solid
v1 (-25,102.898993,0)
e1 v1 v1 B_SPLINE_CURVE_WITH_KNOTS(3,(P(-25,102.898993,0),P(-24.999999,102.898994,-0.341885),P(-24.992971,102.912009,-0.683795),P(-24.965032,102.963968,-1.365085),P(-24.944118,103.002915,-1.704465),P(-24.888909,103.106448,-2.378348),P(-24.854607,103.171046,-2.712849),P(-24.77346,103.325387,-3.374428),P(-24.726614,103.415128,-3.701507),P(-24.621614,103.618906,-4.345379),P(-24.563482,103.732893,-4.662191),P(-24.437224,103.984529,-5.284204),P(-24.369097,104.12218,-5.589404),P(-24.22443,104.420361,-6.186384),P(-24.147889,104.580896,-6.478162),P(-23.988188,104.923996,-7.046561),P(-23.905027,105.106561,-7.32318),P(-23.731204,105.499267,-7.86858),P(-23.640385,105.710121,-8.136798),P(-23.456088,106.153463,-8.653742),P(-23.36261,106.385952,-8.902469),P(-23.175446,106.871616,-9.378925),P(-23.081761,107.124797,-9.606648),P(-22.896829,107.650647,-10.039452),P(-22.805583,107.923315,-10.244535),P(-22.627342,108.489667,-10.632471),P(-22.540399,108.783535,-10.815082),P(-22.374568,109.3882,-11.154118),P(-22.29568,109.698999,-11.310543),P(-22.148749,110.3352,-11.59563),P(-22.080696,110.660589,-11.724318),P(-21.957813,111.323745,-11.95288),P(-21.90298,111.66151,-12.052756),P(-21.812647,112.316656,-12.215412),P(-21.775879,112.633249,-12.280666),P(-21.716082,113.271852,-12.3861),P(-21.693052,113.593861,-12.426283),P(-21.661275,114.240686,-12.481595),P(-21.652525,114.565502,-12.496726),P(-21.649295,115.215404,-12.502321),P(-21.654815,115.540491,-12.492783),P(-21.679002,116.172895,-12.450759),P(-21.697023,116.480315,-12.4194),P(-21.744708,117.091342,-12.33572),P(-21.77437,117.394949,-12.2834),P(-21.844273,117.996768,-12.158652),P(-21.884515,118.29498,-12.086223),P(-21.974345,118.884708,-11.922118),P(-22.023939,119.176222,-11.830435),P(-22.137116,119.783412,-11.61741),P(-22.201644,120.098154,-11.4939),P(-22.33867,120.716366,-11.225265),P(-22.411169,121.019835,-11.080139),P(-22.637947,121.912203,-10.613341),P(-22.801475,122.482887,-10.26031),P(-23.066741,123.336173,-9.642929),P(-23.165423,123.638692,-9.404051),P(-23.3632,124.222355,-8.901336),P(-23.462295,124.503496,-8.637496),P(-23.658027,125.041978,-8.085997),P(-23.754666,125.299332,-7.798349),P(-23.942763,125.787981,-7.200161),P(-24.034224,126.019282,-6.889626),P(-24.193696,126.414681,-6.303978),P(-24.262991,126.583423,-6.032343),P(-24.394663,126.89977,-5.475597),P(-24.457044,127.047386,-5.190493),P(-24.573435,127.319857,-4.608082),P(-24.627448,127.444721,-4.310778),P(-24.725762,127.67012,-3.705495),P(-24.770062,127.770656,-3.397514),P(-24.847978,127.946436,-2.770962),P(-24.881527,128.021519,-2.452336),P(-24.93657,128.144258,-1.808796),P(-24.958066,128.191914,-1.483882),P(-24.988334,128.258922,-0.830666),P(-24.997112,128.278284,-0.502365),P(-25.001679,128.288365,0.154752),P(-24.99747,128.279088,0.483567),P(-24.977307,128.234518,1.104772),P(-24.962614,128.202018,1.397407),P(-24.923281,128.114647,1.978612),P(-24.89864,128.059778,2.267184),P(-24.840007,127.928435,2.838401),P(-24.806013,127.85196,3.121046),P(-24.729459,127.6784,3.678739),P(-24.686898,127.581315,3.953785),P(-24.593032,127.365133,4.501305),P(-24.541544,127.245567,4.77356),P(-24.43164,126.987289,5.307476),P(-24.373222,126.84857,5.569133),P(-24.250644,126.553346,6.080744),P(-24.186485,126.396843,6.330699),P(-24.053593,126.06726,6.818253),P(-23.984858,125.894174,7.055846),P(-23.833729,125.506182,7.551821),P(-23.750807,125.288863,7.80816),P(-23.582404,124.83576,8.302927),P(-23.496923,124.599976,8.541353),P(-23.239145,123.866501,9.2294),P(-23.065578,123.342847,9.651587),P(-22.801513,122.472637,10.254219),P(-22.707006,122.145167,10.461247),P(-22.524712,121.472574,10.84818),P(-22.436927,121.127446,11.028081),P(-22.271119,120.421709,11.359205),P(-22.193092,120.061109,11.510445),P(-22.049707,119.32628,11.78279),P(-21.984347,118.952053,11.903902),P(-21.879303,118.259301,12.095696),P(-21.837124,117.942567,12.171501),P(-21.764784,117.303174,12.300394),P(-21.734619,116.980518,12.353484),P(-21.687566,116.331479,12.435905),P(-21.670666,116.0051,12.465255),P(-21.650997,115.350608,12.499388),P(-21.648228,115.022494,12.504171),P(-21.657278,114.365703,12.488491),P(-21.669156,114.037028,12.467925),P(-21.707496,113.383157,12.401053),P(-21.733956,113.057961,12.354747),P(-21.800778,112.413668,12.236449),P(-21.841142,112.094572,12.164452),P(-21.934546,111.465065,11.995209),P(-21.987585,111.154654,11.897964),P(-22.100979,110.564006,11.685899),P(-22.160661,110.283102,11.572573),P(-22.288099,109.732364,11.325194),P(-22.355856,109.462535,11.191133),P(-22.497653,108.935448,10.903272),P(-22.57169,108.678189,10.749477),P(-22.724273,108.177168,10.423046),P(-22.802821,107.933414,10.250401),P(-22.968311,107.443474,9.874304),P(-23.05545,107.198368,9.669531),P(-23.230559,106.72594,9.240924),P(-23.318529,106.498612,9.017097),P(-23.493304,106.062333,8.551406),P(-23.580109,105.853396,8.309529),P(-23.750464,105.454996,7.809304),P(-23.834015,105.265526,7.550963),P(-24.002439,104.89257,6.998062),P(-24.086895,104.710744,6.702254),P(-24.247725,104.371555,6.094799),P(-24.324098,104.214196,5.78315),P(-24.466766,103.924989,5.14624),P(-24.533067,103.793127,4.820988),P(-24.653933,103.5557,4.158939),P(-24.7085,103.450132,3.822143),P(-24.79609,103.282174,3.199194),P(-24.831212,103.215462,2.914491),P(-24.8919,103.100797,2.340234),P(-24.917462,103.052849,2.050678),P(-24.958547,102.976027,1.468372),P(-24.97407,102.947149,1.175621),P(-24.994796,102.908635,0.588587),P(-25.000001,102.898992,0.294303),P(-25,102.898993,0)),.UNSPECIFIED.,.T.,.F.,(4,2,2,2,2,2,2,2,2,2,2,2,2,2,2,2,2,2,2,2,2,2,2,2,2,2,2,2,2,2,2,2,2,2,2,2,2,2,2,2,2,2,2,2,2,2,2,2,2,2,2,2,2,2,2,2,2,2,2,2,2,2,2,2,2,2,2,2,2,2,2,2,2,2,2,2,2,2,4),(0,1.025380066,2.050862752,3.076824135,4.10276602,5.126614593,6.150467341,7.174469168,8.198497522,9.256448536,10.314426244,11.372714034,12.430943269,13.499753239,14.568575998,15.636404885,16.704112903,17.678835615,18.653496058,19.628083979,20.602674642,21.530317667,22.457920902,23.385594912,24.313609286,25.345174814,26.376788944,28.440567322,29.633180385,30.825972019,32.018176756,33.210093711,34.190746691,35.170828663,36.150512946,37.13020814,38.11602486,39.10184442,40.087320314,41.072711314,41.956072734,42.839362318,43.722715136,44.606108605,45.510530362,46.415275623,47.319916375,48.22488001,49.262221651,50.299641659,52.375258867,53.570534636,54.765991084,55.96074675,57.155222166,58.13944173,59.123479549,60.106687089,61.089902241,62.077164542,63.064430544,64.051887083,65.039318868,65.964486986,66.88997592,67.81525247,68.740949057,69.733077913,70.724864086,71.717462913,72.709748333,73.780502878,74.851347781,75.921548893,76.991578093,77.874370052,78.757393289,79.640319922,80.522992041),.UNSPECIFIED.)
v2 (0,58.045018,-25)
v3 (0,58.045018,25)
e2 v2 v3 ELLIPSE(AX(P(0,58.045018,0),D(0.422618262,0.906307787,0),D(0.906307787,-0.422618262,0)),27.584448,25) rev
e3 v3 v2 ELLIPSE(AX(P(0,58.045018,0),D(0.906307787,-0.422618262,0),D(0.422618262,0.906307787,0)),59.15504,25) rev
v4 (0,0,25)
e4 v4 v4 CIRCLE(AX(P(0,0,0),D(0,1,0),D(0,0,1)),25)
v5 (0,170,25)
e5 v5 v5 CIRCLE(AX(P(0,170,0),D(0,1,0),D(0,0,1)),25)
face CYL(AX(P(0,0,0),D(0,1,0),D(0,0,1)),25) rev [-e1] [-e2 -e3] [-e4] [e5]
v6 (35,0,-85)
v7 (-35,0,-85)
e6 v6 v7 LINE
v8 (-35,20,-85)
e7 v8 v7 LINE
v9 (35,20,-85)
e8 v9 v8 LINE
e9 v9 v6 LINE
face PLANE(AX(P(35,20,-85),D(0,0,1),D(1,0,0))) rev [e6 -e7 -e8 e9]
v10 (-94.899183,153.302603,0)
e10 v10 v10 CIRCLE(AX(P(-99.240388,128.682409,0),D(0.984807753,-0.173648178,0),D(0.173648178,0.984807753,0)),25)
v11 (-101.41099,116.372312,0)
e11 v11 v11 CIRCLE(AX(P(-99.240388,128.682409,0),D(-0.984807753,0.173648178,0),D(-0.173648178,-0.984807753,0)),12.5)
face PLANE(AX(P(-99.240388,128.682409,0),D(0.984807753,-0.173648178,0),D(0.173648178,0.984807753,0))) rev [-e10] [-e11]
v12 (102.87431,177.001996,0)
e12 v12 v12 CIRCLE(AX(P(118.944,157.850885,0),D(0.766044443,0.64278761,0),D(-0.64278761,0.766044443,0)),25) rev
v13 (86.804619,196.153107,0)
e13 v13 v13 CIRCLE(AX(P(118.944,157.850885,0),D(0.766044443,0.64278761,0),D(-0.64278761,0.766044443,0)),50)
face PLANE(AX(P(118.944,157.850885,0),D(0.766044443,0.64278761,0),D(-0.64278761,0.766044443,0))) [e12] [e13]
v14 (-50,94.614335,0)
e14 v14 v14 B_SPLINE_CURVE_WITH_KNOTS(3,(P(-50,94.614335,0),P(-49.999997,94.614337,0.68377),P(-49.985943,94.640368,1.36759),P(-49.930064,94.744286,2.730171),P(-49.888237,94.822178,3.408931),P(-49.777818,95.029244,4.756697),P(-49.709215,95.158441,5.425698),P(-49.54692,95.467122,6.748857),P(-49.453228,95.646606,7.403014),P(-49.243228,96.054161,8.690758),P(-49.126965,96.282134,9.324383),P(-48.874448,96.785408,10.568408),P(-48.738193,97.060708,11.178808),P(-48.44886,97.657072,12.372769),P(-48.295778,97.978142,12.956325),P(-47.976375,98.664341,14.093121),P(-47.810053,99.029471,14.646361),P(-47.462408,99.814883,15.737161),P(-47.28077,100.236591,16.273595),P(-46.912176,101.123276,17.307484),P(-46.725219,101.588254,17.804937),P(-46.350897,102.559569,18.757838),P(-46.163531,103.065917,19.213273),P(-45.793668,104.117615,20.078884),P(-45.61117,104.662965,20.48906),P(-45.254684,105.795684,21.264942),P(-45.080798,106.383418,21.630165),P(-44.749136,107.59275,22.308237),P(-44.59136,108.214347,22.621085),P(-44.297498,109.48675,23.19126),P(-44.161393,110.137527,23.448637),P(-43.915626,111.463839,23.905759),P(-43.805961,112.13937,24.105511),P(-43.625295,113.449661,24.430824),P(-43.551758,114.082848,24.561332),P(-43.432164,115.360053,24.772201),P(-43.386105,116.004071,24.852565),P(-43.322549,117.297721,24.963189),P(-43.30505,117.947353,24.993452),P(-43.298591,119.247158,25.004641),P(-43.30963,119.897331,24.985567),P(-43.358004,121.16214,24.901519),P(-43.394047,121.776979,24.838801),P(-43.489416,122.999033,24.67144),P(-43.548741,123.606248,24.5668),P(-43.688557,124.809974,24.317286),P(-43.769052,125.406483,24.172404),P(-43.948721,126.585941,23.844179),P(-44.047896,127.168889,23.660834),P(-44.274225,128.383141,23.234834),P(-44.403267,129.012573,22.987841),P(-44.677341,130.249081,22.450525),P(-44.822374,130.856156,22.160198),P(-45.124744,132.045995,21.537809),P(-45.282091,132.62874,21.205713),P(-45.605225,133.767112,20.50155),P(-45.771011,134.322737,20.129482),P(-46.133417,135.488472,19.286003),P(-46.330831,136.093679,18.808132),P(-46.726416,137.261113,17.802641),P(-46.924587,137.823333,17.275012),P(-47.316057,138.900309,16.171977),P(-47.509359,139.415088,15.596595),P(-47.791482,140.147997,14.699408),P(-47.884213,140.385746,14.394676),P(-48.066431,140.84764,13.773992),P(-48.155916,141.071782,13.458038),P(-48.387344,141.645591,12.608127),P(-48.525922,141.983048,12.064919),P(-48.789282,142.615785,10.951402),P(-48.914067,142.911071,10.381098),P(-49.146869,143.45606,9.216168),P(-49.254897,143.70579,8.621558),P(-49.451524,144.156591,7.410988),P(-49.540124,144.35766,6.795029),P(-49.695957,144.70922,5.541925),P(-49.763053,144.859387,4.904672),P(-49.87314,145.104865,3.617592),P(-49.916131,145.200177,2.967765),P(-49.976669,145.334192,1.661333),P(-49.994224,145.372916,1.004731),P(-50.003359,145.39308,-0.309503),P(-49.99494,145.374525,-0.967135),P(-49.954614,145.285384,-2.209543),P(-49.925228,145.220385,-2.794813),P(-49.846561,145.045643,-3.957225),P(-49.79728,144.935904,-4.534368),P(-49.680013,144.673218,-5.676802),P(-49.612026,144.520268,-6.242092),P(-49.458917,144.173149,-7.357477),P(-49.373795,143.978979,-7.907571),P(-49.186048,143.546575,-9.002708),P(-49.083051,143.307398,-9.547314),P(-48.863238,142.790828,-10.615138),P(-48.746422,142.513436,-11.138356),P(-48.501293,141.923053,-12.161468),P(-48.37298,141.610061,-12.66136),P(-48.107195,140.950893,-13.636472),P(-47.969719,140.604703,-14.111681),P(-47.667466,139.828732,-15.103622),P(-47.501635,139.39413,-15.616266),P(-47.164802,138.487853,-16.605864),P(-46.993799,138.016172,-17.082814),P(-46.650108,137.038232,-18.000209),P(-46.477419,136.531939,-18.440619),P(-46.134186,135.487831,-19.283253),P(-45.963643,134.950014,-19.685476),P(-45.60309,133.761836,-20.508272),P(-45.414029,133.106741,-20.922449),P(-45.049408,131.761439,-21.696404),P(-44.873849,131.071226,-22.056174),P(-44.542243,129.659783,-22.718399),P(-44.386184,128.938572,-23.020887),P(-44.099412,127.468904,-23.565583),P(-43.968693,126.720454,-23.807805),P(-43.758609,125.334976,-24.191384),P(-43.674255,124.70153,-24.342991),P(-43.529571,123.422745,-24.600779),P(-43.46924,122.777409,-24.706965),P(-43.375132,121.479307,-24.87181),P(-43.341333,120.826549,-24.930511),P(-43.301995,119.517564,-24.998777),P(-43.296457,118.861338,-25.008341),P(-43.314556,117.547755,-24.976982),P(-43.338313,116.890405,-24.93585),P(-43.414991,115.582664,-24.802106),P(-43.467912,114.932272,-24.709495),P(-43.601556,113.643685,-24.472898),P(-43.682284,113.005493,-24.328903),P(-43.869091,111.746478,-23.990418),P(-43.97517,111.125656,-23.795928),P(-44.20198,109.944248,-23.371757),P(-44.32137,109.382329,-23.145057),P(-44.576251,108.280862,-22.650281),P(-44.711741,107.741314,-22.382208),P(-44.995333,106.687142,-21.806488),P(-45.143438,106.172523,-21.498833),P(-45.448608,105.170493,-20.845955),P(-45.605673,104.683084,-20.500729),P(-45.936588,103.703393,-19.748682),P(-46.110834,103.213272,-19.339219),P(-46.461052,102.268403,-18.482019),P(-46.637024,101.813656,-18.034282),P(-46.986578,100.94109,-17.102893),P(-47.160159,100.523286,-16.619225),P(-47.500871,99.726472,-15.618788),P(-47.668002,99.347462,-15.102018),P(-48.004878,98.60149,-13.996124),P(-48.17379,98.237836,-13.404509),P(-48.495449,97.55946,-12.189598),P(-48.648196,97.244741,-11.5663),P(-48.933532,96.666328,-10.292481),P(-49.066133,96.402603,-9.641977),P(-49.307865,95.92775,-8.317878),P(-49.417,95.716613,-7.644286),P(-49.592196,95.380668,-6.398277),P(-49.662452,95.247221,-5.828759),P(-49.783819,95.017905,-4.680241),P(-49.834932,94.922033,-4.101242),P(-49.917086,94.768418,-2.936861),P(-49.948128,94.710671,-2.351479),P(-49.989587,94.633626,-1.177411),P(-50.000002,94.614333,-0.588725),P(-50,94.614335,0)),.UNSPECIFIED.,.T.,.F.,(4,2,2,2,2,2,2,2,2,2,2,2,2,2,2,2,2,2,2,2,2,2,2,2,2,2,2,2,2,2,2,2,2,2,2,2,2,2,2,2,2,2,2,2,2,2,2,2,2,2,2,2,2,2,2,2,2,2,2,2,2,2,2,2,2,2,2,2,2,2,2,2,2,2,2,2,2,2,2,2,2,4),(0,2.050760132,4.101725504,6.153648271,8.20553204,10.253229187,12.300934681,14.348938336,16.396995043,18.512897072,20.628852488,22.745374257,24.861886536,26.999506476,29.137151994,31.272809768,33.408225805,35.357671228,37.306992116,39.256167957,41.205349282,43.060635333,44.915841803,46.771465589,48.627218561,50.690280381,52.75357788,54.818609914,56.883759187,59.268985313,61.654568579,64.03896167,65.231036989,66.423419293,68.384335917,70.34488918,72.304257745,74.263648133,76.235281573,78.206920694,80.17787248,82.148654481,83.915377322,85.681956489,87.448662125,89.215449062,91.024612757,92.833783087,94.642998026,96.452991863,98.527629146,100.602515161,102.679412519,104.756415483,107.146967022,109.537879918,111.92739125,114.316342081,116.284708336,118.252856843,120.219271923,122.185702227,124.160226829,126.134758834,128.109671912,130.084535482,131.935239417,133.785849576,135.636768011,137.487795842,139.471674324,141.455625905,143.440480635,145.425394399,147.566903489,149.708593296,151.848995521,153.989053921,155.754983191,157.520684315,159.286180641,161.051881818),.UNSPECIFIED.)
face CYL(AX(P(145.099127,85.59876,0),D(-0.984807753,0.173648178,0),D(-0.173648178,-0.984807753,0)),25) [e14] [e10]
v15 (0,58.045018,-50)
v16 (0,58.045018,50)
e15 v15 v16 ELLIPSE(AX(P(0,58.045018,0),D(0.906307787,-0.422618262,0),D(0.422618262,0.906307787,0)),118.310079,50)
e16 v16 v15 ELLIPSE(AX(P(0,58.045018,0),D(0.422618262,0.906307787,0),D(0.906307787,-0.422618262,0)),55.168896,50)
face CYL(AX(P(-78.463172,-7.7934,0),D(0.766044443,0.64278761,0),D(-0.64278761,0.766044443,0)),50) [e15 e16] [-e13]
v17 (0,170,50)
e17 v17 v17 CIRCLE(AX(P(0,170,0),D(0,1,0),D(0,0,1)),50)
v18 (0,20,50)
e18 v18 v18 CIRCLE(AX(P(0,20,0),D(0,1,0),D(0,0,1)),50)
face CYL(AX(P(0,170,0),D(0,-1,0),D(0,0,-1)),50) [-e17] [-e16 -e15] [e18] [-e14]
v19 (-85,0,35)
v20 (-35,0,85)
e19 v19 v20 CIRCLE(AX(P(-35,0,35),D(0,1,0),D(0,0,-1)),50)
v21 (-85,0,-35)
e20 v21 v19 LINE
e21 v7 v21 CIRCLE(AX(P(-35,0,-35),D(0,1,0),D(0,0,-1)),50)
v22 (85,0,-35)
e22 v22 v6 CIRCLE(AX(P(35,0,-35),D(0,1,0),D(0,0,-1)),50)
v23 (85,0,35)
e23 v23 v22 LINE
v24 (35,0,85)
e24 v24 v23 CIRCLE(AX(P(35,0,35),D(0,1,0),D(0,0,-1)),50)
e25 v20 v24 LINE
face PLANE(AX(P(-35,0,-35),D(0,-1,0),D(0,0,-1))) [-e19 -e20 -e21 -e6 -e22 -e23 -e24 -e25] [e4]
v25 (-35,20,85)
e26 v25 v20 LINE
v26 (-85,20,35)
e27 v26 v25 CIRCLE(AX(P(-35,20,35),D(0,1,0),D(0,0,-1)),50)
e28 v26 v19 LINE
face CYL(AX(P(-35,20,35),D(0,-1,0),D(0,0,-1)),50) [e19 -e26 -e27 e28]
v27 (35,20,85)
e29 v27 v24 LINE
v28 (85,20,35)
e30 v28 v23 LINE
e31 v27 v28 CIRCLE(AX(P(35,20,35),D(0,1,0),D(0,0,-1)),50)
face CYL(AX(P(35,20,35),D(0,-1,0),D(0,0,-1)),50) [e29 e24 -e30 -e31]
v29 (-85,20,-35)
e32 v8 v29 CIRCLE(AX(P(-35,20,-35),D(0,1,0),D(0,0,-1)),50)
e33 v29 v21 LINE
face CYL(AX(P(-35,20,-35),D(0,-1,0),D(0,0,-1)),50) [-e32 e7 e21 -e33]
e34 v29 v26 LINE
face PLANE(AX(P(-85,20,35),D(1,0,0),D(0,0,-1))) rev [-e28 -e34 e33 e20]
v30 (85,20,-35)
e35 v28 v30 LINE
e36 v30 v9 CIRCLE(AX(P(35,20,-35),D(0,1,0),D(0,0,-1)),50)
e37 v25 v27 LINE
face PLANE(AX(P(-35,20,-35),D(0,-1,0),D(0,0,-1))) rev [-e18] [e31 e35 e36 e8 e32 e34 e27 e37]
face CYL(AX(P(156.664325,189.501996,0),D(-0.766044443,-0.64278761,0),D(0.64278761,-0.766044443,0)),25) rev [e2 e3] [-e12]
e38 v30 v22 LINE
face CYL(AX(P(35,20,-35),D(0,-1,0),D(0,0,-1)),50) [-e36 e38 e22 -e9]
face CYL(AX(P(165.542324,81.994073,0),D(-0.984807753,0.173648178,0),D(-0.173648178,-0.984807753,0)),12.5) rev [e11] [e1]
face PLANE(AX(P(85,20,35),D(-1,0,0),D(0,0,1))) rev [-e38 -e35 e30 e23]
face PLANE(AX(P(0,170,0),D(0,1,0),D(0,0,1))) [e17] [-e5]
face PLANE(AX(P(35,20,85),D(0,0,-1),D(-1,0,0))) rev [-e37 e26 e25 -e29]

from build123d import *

# Parameters (mm, degrees)
BOSS_EXTRUDE1_DEPTH            = 20
SKETCH3_R                      = 50
BOSS_EXTRUDE2_DEPTH            = 150
SKETCH4_R                      = 25
CUT_EXTRUDE1_DEPTH             = 170
BOSS_EXTRUDE4_REACH            = 259.695
SKETCH6_R                      = 50
CUT_EXTRUDE2_REACH             = 259.695
SKETCH7_R                      = 25
CUT_EXTRUDE2_DIRECTION_2_DEPTH = 50.240387651
BOSS_EXTRUDE5_REACH            = 270.866
SKETCH9_R                      = 25
CUT_EXTRUDE3_REACH             = 270.866
SKETCH10_R                     = 12.5


with BuildPart() as part:
    # Sketch2 → Boss-Extrude1 (new body)
    with BuildSketch(Plane(origin=(0, 0, 0), x_dir=(1, 0, 0), z_dir=(0, 1, 0))):
        with BuildLine():
            Line((35, -85), (-35, -85))
            ThreePointArc((-35, -85), (-70.355339059, -70.355339059), (-85, -35))
            Line((-85, -35), (-85, 35))
            ThreePointArc((-85, 35), (-70.355339059, 70.355339059), (-35, 85))
            Line((-35, 85), (35, 85))
            ThreePointArc((35, 85), (70.355339059, 70.355339059), (85, 35))
            Line((85, 35), (85, -35))
            ThreePointArc((85, -35), (70.355339059, -70.355339059), (35, -85))
        make_face()
    extrude(amount=BOSS_EXTRUDE1_DEPTH)

    # Sketch3 → Boss-Extrude2 (add)
    with BuildSketch(Plane(origin=(0, 20, 0), x_dir=(1, 0, 0), z_dir=(0, 1, 0))):
        Circle(SKETCH3_R)
    extrude(amount=BOSS_EXTRUDE2_DEPTH)

    # Sketch4 → Cut-Extrude1 (cut)
    with BuildSketch(Plane(origin=(0, 170, 0), x_dir=(1, 0, 0), z_dir=(0, 1, 0))):
        Circle(SKETCH4_R)
    extrude(amount=-CUT_EXTRUDE1_DEPTH, mode=Mode.SUBTRACT)

    # Sketch6 → Boss-Extrude4 (add, up to next)
    with BuildSketch(Plane(origin=(147.525591973, 123.788669814, 0), x_dir=(0, 0, -1), z_dir=(0.766044443, 0.64278761, 0)), mode=Mode.PRIVATE) as boss_extrude4_sk1:
        with Locations((0, 44.465063828)):
            Circle(SKETCH6_R)
    boss_extrude4_tool1 = extrude(boss_extrude4_sk1.sketch, amount=-BOSS_EXTRUDE4_REACH, mode=Mode.PRIVATE) - part.part
    add(boss_extrude4_tool1.solids().sort_by_distance((118.944, 157.850885, 0))[0])

    # Sketch7 → Cut-Extrude2 (cut, up to next)
    with BuildSketch(Plane(origin=(147.525591973, 123.788669814, 0), x_dir=(0, 0, -1), z_dir=(0.766044443, 0.64278761, 0)), mode=Mode.PRIVATE) as cut_extrude2_sk1:
        with Locations((0, 44.465063828)):
            Circle(SKETCH7_R)
    cut_extrude2_tool1 = extrude(cut_extrude2_sk1.sketch, amount=-CUT_EXTRUDE2_REACH, mode=Mode.PRIVATE) & part.part
    add(cut_extrude2_tool1.solids().sort_by_distance((118.944, 157.850885, 0))[0], mode=Mode.SUBTRACT)

    # Sketch7 → Cut-Extrude2 direction 2 (cut)
    with BuildSketch(Plane(origin=(147.525591973, 123.788669814, 0), x_dir=(0, 0, -1), z_dir=(0.766044443, 0.64278761, 0))):
        with Locations((0, 44.465063828)):
            Circle(SKETCH7_R)
    extrude(amount=CUT_EXTRUDE2_DIRECTION_2_DEPTH, mode=Mode.SUBTRACT)

    # Sketch9 → Boss-Extrude5 (add, up to next)
    with BuildSketch(Plane(origin=(-118.25391177, 20.851355219, 0), x_dir=(0, 0, -1), z_dir=(0.984807753, -0.173648178, 0)), mode=Mode.PRIVATE) as boss_extrude5_sk1:
        with Locations((0, 109.494521478)):
            Circle(SKETCH9_R)
    boss_extrude5_tool1 = extrude(boss_extrude5_sk1.sketch, amount=BOSS_EXTRUDE5_REACH, mode=Mode.PRIVATE) - part.part
    add(boss_extrude5_tool1.solids().sort_by_distance((-99.240388, 128.682409, 0))[0])

    # Sketch10 → Cut-Extrude3 (cut, up to next)
    with BuildSketch(Plane(origin=(-118.25391177, 20.851355219, 0), x_dir=(0, 0, 1), z_dir=(-0.984807753, 0.173648178, 0)), mode=Mode.PRIVATE) as cut_extrude3_sk1:
        with Locations((0, 109.494521478)):
            Circle(SKETCH10_R)
    cut_extrude3_tool1 = extrude(cut_extrude3_sk1.sketch, amount=-CUT_EXTRUDE3_REACH, mode=Mode.PRIVATE) & part.part
    add(cut_extrude3_tool1.solids().sort_by_distance((-99.240388, 128.682409, 0))[0], mode=Mode.SUBTRACT)


solid = part.part
